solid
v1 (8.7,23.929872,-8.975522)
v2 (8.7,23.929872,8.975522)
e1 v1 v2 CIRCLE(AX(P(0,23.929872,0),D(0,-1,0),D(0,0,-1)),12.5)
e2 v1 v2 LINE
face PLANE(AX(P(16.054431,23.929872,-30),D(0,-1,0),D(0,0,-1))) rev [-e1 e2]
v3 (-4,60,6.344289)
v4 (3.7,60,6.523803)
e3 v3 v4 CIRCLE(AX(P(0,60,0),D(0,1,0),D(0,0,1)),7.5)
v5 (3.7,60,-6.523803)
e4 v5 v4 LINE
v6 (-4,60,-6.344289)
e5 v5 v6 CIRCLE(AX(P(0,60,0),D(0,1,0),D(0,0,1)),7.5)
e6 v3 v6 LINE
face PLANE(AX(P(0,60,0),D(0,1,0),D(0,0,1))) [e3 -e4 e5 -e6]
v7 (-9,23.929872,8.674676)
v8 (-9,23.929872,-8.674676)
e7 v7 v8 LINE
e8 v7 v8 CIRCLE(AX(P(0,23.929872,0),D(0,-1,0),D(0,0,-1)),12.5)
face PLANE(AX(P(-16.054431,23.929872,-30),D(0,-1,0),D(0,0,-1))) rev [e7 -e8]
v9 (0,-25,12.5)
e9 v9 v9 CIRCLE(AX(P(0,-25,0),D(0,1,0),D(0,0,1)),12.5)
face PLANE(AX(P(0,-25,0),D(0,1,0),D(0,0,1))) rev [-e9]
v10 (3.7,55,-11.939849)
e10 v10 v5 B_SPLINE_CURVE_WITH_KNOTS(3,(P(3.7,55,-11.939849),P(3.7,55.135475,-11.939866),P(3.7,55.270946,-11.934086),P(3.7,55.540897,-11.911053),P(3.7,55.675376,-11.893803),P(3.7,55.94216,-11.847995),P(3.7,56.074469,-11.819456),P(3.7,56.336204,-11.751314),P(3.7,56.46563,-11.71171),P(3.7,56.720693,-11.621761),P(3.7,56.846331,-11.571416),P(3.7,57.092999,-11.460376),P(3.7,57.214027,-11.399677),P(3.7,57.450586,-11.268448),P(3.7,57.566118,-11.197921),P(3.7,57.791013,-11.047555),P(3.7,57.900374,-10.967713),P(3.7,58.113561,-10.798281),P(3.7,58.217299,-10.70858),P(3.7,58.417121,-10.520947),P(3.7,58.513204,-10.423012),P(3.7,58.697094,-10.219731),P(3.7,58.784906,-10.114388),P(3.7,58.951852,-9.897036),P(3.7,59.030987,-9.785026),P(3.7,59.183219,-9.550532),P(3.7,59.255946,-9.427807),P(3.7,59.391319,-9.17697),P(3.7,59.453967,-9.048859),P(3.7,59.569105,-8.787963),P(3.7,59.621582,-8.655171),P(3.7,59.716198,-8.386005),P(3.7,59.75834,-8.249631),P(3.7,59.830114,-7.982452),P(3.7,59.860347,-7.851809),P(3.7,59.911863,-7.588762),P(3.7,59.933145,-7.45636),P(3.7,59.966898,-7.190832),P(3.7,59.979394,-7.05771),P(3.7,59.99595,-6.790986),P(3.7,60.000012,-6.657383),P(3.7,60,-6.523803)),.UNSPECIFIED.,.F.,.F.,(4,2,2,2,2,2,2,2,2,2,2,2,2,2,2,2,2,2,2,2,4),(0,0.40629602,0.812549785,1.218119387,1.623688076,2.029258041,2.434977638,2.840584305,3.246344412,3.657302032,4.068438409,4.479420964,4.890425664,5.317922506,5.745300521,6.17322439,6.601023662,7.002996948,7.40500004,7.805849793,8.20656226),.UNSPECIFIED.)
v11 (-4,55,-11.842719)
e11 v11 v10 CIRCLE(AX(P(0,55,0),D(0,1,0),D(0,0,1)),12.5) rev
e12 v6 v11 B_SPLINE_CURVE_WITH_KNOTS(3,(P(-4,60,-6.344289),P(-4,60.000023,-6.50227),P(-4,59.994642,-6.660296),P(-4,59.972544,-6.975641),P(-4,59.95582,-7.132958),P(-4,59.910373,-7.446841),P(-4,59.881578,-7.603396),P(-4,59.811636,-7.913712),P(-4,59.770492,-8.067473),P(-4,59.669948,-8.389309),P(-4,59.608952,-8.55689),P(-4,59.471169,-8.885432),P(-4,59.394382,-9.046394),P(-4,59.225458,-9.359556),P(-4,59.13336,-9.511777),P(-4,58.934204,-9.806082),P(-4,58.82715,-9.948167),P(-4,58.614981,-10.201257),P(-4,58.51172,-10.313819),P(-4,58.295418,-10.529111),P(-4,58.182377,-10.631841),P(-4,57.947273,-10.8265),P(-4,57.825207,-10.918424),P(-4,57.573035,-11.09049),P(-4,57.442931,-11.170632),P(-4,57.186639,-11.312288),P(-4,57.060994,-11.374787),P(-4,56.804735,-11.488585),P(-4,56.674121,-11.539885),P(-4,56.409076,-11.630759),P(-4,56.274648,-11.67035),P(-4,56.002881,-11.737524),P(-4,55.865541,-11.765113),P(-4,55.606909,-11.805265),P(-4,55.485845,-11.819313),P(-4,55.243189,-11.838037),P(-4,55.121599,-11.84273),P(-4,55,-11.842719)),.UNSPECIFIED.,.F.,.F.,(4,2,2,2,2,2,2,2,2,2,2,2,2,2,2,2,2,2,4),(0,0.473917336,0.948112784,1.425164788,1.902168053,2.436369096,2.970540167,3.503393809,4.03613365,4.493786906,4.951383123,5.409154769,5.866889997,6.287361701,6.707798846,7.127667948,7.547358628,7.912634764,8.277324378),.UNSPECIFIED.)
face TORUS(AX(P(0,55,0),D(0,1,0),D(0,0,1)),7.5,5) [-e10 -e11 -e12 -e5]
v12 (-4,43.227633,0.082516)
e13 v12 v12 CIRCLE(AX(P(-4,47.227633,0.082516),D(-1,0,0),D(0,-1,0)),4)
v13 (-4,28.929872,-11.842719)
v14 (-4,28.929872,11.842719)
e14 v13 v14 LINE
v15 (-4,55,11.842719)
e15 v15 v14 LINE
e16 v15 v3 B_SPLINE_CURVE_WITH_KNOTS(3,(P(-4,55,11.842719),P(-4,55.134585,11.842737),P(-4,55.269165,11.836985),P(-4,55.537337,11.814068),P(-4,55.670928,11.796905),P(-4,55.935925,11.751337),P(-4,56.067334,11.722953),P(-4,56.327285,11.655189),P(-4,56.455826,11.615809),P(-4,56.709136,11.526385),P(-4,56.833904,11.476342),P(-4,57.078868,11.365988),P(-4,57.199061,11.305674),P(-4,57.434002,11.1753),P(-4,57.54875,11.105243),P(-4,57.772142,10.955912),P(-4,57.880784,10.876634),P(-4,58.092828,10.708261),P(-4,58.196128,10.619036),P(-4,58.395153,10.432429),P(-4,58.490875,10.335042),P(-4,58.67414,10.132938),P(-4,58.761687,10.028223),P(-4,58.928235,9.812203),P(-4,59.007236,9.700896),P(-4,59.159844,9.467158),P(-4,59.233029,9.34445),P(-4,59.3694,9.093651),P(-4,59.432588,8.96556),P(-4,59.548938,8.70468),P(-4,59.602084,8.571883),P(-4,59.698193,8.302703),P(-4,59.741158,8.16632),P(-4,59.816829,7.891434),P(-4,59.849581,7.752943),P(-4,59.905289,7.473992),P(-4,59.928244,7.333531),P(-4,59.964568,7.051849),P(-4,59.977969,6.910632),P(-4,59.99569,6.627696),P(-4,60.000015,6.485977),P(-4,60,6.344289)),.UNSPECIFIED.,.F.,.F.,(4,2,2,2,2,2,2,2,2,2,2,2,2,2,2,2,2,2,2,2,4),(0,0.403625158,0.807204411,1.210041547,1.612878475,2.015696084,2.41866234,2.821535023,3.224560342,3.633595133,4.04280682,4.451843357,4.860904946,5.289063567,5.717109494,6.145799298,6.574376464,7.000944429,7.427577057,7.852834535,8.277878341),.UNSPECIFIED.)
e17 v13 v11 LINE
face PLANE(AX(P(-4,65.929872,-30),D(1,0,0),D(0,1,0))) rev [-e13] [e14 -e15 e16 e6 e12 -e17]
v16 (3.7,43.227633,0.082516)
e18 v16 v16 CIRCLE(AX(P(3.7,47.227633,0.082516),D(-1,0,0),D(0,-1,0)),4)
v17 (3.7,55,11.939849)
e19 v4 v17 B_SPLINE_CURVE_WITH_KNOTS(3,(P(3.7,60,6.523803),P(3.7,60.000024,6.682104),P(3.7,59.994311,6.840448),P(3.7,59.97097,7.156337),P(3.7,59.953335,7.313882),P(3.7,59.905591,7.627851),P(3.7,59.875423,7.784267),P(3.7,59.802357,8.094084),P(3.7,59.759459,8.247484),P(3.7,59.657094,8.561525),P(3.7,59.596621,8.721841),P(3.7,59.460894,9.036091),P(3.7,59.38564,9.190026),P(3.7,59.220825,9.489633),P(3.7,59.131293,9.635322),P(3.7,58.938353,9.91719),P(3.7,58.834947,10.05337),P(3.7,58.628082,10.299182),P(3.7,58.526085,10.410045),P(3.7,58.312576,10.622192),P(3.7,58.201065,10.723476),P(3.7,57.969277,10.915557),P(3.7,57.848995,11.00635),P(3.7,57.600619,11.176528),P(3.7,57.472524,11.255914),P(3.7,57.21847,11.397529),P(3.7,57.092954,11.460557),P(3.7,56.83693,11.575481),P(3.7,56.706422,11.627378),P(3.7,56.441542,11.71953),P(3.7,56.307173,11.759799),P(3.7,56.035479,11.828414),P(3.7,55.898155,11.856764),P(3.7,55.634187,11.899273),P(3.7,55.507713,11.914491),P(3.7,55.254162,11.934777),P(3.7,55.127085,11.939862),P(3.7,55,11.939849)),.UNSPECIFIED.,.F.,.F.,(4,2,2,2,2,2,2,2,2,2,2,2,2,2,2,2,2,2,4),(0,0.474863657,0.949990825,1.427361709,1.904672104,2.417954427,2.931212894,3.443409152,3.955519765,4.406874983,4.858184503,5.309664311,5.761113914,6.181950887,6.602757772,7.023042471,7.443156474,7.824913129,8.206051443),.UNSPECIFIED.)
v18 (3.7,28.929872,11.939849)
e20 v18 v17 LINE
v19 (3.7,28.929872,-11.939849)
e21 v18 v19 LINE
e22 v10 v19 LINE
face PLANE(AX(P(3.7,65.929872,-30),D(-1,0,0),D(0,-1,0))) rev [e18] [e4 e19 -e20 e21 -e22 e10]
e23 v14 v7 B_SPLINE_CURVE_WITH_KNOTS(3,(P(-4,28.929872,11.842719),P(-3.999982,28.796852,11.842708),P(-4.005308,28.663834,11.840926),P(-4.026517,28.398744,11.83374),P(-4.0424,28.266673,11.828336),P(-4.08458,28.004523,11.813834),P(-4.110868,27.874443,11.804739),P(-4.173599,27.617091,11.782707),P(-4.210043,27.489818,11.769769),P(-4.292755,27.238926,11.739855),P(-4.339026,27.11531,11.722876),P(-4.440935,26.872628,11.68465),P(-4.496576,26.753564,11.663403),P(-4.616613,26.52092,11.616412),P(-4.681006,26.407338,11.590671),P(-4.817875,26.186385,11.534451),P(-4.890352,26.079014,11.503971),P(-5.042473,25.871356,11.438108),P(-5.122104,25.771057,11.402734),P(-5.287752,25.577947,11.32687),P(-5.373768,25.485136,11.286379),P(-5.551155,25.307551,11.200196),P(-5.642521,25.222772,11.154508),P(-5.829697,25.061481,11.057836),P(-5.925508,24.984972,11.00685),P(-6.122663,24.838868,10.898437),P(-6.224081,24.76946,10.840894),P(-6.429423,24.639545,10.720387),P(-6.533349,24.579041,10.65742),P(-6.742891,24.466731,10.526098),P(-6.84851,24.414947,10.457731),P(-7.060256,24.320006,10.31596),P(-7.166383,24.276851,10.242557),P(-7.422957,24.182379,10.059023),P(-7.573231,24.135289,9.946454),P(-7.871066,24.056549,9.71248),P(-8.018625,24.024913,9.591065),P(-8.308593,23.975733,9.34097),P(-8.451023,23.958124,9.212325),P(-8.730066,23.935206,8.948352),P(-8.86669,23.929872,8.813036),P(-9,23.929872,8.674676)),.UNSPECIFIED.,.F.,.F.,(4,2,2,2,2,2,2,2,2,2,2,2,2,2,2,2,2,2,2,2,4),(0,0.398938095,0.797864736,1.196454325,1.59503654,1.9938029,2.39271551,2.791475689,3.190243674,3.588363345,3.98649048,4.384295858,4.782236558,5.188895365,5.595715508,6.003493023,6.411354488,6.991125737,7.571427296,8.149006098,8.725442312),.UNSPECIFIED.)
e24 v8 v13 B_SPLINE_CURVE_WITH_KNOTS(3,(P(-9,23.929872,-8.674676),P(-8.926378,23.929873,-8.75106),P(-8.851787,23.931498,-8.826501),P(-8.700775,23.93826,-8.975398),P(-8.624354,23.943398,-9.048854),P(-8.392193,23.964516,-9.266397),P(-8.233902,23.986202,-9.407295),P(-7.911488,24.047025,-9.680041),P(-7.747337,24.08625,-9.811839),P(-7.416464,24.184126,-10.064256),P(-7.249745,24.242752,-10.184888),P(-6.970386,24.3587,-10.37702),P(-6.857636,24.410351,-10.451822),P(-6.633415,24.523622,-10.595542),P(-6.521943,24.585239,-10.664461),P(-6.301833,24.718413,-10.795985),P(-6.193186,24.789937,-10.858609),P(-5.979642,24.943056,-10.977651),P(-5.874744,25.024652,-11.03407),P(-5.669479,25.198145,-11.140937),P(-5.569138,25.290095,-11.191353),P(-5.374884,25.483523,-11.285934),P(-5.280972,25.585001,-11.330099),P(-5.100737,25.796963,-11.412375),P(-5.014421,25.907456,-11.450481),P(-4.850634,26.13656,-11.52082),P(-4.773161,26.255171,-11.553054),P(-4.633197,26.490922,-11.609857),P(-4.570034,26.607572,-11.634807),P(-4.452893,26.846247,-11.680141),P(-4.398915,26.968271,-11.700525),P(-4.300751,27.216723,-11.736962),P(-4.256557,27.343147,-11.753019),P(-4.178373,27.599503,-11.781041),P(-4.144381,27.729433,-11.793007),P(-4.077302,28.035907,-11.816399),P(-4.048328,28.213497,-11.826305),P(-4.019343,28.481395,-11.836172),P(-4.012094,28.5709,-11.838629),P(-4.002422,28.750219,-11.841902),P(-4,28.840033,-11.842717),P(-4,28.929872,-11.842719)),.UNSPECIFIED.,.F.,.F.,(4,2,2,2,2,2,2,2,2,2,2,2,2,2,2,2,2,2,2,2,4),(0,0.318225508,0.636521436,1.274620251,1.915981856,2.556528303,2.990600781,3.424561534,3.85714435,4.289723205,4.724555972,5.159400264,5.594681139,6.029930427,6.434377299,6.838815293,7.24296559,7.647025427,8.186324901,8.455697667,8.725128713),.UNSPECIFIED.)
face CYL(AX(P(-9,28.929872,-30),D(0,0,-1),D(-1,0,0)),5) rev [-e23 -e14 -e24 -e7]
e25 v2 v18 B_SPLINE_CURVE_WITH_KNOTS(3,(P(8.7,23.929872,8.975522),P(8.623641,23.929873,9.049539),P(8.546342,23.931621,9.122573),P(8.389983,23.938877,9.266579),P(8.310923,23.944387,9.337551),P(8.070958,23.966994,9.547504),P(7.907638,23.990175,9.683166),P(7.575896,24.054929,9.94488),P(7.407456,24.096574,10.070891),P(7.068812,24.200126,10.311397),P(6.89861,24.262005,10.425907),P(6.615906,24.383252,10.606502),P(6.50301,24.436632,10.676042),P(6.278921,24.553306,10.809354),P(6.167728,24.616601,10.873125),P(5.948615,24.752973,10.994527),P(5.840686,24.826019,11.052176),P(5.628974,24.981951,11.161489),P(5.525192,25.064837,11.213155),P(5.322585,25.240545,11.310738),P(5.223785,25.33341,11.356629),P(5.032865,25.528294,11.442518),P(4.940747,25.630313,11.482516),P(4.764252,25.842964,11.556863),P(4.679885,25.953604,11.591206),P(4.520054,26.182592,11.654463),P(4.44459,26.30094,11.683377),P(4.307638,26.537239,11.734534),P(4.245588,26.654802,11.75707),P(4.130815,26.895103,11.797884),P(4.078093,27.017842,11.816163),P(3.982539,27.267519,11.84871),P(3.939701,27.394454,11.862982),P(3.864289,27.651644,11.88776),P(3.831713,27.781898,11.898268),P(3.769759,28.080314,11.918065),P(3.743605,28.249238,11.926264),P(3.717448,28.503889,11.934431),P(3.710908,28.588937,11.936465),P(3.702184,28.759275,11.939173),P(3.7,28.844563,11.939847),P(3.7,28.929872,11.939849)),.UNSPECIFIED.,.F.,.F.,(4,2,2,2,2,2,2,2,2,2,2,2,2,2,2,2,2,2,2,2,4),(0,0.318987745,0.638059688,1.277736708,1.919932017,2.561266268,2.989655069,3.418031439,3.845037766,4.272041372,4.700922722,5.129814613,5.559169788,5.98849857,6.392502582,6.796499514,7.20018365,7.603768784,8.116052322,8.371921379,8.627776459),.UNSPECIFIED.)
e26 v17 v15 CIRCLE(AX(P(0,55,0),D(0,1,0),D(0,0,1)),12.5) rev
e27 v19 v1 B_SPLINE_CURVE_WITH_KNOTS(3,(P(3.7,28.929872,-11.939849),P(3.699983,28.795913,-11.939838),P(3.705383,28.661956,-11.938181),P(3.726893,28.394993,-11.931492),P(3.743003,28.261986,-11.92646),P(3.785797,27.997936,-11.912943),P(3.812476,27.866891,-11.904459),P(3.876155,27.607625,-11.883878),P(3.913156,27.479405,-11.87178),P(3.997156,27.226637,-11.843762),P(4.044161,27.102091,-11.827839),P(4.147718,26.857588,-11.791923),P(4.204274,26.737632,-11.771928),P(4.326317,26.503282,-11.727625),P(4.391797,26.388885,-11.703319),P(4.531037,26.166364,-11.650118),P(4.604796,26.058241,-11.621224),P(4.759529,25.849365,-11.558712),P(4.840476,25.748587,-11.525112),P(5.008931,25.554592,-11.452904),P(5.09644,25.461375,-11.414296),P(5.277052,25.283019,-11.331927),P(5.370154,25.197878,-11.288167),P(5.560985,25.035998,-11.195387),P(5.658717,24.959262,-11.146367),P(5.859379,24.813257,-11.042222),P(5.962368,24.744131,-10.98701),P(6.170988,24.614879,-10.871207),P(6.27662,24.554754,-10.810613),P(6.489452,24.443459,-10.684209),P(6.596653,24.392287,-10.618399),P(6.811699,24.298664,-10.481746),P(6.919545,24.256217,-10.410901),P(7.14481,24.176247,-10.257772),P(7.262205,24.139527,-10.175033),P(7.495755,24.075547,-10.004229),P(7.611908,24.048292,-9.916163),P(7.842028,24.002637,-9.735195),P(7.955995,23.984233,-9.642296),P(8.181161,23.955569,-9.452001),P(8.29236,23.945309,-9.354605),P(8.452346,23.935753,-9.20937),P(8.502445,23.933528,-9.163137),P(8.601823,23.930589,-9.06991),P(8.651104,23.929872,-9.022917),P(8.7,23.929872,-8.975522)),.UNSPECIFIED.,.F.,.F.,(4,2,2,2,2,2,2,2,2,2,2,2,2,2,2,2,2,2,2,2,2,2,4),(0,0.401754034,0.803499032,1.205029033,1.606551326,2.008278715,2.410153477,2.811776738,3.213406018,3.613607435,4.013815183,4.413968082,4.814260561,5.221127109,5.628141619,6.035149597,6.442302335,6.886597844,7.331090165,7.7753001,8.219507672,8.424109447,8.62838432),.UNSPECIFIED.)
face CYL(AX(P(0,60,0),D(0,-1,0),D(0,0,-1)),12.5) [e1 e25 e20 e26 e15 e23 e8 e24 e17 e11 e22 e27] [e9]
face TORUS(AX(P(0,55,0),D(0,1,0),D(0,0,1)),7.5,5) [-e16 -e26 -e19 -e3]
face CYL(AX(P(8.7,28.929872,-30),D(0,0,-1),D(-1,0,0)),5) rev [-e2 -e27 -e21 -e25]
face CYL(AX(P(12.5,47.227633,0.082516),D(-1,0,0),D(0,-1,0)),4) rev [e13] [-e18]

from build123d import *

# Parameters (mm, degrees)
EXTRUDE_START       = -25
SKETCH_1_R          = 12.5
EXTRUDE_1_DEPTH     = 85
SKETCH_2_W          = 12.354431351
SKETCH_2_H          = 42
SKETCH_2_W_2        = 12.054431351
CUT_EXTRUDE_2_DEPTH = 30
FILLET_2_R          = 5
SKETCH_3_R          = 4
CUT_EXTRUDE_1_DEPTH = 64.470465687
FILLET_3_R          = 5


with BuildPart() as part:
    # Эскиз1 → Вытянуть1 (new body)
    with BuildSketch(Plane(origin=(0, 0, 0), x_dir=(1, 0, 0), z_dir=(0, 1, 0)).offset(EXTRUDE_START)):
        with Locations(Location((0, 0, 0), (0, 0, 270))):
            Circle(SKETCH_1_R)
    extrude(amount=EXTRUDE_1_DEPTH)

    # Эскиз2 → Вытянуть2 (cut, symmetric)
    with BuildSketch(Plane.XY):
        with Locations((9.877215676, 44.929871577)):
            Rectangle(SKETCH_2_W, SKETCH_2_H)
        with Locations((-10.027215676, 44.929871577)):
            Rectangle(SKETCH_2_W_2, SKETCH_2_H)
    extrude(amount=CUT_EXTRUDE_2_DEPTH, both=True, mode=Mode.SUBTRACT)

    # Скругление2
    fillet_2_edges = [part.edges().sort_by_distance(p)[0] for p in [
        (-0.157665968, 60, -12.499005618),
        (-2.026821276, 60, 12.33458534),
    ]]
    fillet(fillet_2_edges, radius=FILLET_2_R)

    # Эскиз3 → Вырез-Вытянуть1 (cut, through all)
    with BuildSketch(Plane.ZY.offset(4)):
        with Locations(Location((0.082516108, 47.227633341, 0), (0, 0, 270))):
            Circle(SKETCH_3_R)
    extrude(amount=-CUT_EXTRUDE_1_DEPTH, mode=Mode.SUBTRACT)

    # Скругление3
    fillet_3_edges = [part.edges().sort_by_distance(p)[0] for p in [
        (3.7, 23.929871577, 0),
        (-4, 23.929871577, 0),
    ]]
    fillet(fillet_3_edges, radius=FILLET_3_R)


solid = part.part
